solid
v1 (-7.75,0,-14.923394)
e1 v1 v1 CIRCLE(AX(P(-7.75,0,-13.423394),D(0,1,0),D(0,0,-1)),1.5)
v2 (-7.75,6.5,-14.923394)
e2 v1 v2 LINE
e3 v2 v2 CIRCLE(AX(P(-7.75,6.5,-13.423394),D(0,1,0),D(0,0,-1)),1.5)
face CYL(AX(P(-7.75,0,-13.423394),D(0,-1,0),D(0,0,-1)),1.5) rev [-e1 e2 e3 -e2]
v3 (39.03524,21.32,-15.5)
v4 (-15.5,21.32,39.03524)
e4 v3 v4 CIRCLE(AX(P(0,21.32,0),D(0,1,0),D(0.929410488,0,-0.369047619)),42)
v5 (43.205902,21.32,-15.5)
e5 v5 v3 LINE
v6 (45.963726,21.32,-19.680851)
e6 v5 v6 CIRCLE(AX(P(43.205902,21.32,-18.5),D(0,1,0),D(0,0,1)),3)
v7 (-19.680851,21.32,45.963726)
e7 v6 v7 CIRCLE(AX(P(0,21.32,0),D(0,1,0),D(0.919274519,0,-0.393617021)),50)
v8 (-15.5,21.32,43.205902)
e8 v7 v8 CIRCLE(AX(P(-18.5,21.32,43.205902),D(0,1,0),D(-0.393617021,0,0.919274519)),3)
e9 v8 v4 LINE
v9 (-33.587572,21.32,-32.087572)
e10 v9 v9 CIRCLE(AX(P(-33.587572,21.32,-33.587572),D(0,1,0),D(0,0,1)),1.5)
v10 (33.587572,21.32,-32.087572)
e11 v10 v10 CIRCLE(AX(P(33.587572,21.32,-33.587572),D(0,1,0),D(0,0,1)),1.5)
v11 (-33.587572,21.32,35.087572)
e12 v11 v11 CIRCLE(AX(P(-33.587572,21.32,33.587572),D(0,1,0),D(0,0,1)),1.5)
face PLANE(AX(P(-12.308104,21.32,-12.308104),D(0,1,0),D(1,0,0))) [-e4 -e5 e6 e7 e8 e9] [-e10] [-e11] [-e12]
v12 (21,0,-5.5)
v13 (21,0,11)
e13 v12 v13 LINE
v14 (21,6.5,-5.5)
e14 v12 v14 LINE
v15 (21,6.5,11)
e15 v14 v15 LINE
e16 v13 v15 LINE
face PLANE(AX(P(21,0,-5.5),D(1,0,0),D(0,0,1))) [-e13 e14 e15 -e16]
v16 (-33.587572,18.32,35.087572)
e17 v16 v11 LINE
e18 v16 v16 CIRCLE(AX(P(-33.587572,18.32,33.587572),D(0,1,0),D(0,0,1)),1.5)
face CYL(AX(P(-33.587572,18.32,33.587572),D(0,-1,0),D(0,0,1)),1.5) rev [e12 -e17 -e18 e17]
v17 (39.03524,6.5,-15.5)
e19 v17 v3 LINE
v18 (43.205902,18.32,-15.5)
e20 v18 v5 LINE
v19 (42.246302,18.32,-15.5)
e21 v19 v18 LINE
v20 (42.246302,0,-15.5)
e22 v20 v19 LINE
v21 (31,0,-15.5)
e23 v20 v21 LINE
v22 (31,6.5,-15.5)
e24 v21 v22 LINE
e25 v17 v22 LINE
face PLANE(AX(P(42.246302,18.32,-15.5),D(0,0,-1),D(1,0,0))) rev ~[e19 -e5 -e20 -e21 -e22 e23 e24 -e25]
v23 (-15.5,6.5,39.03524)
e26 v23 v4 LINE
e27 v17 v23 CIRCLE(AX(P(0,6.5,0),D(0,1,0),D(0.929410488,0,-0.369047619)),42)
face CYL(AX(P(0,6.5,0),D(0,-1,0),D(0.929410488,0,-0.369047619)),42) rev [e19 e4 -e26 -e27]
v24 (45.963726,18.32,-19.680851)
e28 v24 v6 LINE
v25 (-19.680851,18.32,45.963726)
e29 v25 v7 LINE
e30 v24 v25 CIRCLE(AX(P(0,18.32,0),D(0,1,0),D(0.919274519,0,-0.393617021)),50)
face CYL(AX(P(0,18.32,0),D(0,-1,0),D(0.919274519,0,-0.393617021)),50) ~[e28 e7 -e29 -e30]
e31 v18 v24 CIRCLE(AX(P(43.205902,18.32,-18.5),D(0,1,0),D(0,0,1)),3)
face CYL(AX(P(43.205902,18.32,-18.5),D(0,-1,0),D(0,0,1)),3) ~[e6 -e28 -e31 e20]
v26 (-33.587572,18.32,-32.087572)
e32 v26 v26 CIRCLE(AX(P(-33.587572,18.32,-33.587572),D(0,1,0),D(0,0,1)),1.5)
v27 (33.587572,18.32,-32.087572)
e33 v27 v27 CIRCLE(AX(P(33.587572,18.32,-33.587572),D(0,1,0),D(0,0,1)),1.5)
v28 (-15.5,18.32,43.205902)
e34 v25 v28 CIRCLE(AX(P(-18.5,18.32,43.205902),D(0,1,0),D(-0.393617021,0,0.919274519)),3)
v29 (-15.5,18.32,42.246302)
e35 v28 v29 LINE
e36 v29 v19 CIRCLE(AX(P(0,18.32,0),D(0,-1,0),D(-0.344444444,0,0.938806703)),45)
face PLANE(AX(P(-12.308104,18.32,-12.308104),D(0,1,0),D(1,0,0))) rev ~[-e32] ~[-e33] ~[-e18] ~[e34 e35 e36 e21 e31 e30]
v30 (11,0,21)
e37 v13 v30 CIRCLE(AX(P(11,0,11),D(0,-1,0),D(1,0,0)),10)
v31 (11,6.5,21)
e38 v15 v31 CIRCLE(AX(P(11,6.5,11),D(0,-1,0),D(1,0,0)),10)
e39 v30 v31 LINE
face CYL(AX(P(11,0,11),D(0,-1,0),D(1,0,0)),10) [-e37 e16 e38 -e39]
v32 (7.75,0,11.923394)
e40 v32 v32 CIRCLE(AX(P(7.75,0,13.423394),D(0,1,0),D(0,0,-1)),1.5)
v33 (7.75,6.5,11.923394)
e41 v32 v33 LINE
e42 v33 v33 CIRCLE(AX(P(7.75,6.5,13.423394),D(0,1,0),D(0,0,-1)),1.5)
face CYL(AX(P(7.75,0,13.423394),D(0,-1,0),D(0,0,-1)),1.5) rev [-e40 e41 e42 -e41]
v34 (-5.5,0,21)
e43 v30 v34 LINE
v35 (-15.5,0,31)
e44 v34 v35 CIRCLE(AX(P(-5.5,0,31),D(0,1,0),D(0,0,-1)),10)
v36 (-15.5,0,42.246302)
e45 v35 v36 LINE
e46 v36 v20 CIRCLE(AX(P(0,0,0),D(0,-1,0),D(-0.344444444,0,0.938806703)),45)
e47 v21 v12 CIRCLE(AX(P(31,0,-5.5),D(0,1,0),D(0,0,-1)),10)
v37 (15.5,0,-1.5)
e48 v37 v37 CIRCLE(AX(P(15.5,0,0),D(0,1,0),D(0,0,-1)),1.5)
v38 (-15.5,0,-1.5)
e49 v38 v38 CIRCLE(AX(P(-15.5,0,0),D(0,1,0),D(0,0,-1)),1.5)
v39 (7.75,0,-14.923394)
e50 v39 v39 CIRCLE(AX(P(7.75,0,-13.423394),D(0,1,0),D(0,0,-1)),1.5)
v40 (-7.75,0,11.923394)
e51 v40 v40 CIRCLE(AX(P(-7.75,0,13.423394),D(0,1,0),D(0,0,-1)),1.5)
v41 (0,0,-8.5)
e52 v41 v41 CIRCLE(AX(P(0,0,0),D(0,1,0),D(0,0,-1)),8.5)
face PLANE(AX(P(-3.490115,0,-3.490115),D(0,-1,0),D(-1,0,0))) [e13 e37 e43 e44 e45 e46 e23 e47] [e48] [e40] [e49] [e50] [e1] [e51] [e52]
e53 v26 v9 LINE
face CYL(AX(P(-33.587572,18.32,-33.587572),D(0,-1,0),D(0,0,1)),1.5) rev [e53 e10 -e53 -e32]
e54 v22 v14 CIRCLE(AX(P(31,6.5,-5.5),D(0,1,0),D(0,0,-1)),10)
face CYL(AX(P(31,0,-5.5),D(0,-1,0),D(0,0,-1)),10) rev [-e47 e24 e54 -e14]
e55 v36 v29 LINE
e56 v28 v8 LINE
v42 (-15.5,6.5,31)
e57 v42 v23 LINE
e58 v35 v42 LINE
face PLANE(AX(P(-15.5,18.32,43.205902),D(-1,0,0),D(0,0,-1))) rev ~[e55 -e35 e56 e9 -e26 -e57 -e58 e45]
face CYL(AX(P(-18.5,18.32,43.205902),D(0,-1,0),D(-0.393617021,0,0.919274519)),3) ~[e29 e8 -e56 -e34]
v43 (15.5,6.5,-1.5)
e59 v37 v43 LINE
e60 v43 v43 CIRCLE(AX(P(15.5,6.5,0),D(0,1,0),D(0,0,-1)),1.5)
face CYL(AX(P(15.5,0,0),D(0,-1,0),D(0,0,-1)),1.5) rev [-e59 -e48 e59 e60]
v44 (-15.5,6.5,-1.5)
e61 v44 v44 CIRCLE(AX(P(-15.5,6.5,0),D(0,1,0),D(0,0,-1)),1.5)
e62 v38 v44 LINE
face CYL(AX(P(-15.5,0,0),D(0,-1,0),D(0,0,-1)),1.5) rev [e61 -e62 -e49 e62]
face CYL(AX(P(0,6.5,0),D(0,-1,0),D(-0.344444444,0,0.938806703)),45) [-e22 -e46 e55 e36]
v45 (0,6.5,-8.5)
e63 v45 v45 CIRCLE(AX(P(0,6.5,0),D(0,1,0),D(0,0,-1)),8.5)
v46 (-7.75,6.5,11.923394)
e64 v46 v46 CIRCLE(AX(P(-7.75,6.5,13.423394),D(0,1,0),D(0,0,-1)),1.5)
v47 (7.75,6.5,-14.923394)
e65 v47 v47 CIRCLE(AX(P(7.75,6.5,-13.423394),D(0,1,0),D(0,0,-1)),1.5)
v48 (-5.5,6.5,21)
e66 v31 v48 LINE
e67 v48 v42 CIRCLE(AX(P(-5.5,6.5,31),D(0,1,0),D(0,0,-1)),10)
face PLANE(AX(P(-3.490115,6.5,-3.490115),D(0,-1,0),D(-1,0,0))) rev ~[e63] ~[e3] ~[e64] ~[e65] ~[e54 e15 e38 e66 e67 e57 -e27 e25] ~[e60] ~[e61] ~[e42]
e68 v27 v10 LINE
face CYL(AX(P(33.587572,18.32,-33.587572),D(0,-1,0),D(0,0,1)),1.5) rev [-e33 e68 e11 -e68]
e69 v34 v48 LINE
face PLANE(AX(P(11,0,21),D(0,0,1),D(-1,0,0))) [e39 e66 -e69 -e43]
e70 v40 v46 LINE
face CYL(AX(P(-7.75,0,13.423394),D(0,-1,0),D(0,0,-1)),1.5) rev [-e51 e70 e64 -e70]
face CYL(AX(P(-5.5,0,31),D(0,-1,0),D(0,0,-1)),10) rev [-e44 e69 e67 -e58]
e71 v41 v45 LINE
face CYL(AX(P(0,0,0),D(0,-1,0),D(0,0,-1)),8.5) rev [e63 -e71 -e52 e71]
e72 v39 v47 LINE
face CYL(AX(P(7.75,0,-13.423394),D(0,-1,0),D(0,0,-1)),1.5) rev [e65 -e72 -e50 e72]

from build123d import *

# Parameters (mm, degrees)
SKETCH1_R           = 8.5
SKETCH1_R_2         = 1.5
BOSS_EXTRUDE1_DEPTH = 6.5
BOSS_EXTRUDE3_DEPTH = 14.82
BOSS_EXTRUDE4_START = -3
SKETCH4_R           = 1.5
BOSS_EXTRUDE4_DEPTH = 3


with BuildPart() as part:
    # Sketch1 → Boss-Extrude1 (new body)
    with BuildSketch(Plane(origin=(0, 0, 0), x_dir=(1, 0, 0), z_dir=(0, 1, 0))):
        with BuildLine():
            Line((-15.5, -31), (-15.5, -42.246301613))
            ThreePointArc((-15.5, -42.246301613), (-31.819805153, 31.819805153), (42.246301613, 15.5))
            Line((42.246301613, 15.5), (31, 15.5))
            ThreePointArc((31, 15.5), (23.928932188, 12.571067812), (21, 5.5))
            Line((21, 5.5), (21, -11))
            ThreePointArc((21, -11), (18.071067812, -18.071067812), (11, -21))
            Line((11, -21), (-5.5, -21))
            ThreePointArc((-5.5, -21), (-12.571067812, -23.928932188), (-15.5, -31))
        make_face()
        with Locations(Location((0, 0, 0), (0, 0, 90))):
            Circle(SKETCH1_R, mode=Mode.SUBTRACT)
        with Locations(Location((-7.75, 13.423393759, 0), (0, 0, 90))):
            Circle(SKETCH1_R_2, mode=Mode.SUBTRACT)
        with Locations(Location((7.75, 13.423393759, 0), (0, 0, 90))):
            Circle(SKETCH1_R_2, mode=Mode.SUBTRACT)
        with Locations(Location((15.5, 0, 0), (0, 0, 90))):
            Circle(SKETCH1_R_2, mode=Mode.SUBTRACT)
        with Locations(Location((-15.5, 0, 0), (0, 0, 90))):
            Circle(SKETCH1_R_2, mode=Mode.SUBTRACT)
        with Locations(Location((-7.75, -13.423393759, 0), (0, 0, 90))):
            Circle(SKETCH1_R_2, mode=Mode.SUBTRACT)
        with Locations(Location((7.75, -13.423393759, 0), (0, 0, 90))):
            Circle(SKETCH1_R_2, mode=Mode.SUBTRACT)
    extrude(amount=BOSS_EXTRUDE1_DEPTH)

    # Sketch3 → Boss-Extrude3 (add)
    with BuildSketch(Plane(origin=(0, 6.5, 0), x_dir=(1, 0, 0), z_dir=(0, 1, 0))):
        with BuildLine():
            Line((42.246301613, 15.5), (39.035240489, 15.5))
            ThreePointArc((39.035240489, 15.5), (-29.69848481, 29.69848481), (-15.5, -39.035240489))
            Line((-15.5, -39.035240489), (-15.5, -42.246301613))
            ThreePointArc((-15.5, -42.246301613), (-31.819805153, 31.819805153), (42.246301613, 15.5))
        make_face()
    extrude(amount=BOSS_EXTRUDE3_DEPTH)

    # Sketch4 → Boss-Extrude4 (add)
    with BuildSketch(Plane(origin=(0, 21.32, 0), x_dir=(1, 0, 0), z_dir=(0, 1, 0)).offset(BOSS_EXTRUDE4_START)):
        with BuildLine():
            Line((42.246301613, 15.5), (43.205902375, 15.5))
            ThreePointArc((43.205902375, 15.5), (45.710154078, 16.848115196), (45.96372593, 19.680851064))
            ThreePointArc((45.96372593, 19.680851064), (-35.355339059, 35.355339059), (-19.680851064, -45.96372593))
            ThreePointArc((-19.680851064, -45.96372593), (-16.848115196, -45.710154078), (-15.5, -43.205902375))
            Line((-15.5, -43.205902375), (-15.5, -42.246301613))
            ThreePointArc((-15.5, -42.246301613), (-31.819805153, 31.819805153), (42.246301613, 15.5))
        make_face()
        with Locations(Location((-33.587572106, 33.587572106, 0), (0, 0, 270))):
            Circle(SKETCH4_R, mode=Mode.SUBTRACT)
        with Locations(Location((-33.587572106, -33.587572106, 0), (0, 0, 270))):
            Circle(SKETCH4_R, mode=Mode.SUBTRACT)
        with Locations(Location((33.587572106, 33.587572106, 0), (0, 0, 270))):
            Circle(SKETCH4_R, mode=Mode.SUBTRACT)
    extrude(amount=BOSS_EXTRUDE4_DEPTH)


solid = part.part
